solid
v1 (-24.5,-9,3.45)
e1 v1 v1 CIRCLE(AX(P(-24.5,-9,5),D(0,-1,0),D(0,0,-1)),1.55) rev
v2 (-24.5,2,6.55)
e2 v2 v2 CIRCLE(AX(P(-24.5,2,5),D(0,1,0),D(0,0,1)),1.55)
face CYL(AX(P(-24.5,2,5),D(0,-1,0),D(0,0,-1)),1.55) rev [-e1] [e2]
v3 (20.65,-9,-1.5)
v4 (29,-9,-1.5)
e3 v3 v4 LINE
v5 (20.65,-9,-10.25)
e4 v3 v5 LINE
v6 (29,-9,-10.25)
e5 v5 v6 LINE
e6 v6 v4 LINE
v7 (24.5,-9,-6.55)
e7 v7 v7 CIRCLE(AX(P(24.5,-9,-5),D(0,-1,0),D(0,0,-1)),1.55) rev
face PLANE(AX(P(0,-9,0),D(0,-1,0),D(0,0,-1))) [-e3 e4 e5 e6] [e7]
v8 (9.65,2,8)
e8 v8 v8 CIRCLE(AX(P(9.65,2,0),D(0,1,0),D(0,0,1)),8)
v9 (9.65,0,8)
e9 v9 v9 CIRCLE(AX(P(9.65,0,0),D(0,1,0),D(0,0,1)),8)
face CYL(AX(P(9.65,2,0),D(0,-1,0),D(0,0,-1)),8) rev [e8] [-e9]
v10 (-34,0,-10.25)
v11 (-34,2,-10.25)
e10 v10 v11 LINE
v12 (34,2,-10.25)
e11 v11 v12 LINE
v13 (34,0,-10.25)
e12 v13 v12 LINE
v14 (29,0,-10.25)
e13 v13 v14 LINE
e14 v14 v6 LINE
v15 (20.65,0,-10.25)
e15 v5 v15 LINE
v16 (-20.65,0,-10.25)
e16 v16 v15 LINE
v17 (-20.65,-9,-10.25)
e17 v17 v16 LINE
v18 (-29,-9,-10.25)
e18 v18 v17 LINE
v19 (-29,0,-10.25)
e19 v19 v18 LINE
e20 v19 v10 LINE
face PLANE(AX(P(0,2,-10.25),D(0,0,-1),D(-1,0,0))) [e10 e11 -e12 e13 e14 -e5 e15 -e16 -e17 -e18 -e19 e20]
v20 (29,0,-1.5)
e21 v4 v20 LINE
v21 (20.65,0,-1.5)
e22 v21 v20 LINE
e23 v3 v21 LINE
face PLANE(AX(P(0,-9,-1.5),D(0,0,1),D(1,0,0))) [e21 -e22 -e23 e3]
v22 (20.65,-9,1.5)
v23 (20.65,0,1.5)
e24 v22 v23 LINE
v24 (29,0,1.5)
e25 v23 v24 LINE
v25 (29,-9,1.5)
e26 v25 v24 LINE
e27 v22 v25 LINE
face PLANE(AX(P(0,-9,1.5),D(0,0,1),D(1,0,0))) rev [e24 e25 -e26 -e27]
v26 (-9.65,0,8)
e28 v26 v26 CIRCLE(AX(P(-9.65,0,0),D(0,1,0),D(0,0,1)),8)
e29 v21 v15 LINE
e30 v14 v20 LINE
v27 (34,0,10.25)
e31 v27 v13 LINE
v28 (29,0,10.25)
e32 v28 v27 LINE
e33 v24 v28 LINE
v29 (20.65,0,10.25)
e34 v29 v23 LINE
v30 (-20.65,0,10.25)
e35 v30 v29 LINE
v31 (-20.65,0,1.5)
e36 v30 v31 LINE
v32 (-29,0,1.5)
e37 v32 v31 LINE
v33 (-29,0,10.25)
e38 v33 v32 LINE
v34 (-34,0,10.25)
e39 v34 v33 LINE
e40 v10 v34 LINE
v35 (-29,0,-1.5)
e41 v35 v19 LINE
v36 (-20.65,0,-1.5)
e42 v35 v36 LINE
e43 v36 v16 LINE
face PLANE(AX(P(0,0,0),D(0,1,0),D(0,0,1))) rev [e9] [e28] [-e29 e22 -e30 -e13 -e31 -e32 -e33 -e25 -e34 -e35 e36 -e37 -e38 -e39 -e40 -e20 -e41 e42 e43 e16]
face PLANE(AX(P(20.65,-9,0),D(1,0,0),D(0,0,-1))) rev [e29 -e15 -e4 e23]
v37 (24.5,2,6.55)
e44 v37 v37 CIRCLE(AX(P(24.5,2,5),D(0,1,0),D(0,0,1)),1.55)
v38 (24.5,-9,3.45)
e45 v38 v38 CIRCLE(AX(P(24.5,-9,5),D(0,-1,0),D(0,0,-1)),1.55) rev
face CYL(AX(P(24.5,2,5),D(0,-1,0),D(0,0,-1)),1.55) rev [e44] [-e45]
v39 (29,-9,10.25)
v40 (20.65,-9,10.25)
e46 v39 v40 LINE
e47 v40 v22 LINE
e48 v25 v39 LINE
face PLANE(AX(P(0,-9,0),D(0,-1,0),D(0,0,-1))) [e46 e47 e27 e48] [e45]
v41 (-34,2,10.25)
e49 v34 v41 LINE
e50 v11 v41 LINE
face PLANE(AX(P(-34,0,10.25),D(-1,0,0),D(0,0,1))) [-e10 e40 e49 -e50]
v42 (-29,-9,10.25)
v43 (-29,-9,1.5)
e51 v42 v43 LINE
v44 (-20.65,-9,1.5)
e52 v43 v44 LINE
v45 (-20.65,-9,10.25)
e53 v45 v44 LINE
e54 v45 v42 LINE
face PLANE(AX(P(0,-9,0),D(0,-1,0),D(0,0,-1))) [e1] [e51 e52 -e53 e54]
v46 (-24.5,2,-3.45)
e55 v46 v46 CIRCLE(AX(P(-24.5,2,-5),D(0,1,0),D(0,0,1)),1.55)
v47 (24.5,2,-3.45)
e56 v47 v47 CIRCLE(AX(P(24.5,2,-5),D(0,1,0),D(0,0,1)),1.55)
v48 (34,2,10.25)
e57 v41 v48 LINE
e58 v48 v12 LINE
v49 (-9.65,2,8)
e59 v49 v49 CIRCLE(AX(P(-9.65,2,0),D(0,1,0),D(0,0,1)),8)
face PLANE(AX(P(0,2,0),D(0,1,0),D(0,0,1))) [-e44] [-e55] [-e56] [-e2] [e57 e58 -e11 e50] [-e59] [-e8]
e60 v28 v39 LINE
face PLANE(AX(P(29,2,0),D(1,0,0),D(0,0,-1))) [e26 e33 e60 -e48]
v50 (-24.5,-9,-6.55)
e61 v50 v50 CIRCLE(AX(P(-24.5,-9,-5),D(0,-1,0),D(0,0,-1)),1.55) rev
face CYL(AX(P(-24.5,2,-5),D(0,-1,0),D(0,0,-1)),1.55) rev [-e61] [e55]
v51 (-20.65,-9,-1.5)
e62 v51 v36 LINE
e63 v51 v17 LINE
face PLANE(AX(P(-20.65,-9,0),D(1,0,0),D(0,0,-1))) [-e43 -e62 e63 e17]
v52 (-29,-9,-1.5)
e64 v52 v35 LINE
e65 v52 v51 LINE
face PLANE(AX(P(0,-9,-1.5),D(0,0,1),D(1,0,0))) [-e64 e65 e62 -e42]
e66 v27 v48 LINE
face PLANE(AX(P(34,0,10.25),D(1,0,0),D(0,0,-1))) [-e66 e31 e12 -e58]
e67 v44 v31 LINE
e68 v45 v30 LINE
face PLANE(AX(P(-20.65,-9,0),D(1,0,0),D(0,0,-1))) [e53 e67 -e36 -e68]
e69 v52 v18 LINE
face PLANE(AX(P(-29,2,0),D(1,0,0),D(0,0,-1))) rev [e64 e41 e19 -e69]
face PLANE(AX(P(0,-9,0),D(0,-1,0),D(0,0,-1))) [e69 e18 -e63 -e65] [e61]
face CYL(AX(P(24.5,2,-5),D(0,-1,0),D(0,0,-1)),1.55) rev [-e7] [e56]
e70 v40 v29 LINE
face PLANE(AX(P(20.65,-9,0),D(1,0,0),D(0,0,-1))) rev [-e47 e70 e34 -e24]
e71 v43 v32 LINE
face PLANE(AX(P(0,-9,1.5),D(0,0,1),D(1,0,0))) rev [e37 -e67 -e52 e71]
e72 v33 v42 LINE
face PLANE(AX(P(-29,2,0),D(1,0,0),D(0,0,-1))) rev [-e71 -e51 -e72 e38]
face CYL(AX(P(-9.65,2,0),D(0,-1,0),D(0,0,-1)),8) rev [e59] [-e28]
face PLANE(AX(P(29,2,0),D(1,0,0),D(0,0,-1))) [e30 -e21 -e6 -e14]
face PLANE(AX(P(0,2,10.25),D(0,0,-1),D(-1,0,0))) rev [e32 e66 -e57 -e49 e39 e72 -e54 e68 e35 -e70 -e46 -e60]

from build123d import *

# Parameters (mm, degrees)
SKETCH2_W           = 58
SKETCH2_H           = 20.5
SKETCH2_R           = 8
SKETCH2_R_2         = 1.55
BOSS_EXTRUDE1_DEPTH = 2
SKETCH3_W           = 8.35
SKETCH3_H           = 8.75
SKETCH3_R           = 1.55
BOSS_EXTRUDE2_DEPTH = 9
SKETCH4_W           = 5
SKETCH4_H           = 20.5
BOSS_EXTRUDE3_DEPTH = 2


with BuildPart() as part:
    # Sketch2 → Boss-Extrude1 (new body)
    with BuildSketch(Plane(origin=(0, 0, 0), x_dir=(1, 0, 0), z_dir=(0, 1, 0))):
        Rectangle(SKETCH2_W, SKETCH2_H)
        with Locations((-9.65, 0)):
            Circle(SKETCH2_R, mode=Mode.SUBTRACT)
        with Locations((-24.5, 5)):
            Circle(SKETCH2_R_2, mode=Mode.SUBTRACT)
        with Locations((-24.5, -5)):
            Circle(SKETCH2_R_2, mode=Mode.SUBTRACT)
        with Locations((24.5, 5)):
            Circle(SKETCH2_R_2, mode=Mode.SUBTRACT)
        with Locations((24.5, -5)):
            Circle(SKETCH2_R_2, mode=Mode.SUBTRACT)
        with Locations((9.65, 0)):
            Circle(SKETCH2_R, mode=Mode.SUBTRACT)
    extrude(amount=BOSS_EXTRUDE1_DEPTH)

    # Sketch3 → Boss-Extrude2 (add)
    with BuildSketch(Plane.XZ):
        with Locations((-24.825, 5.875)):
            Rectangle(SKETCH3_W, SKETCH3_H)
        with Locations((-24.5, 5)):
            Circle(SKETCH3_R, mode=Mode.SUBTRACT)
        with Locations((-24.825, -5.875)):
            Rectangle(SKETCH3_W, SKETCH3_H)
        with Locations((-24.5, -5)):
            Circle(SKETCH3_R, mode=Mode.SUBTRACT)
        with Locations((24.825, 5.875)):
            Rectangle(SKETCH3_W, SKETCH3_H)
        with Locations((24.5, 5)):
            Circle(SKETCH3_R, mode=Mode.SUBTRACT)
        with Locations((24.825, -5.875)):
            Rectangle(SKETCH3_W, SKETCH3_H)
        with Locations((24.5, -5)):
            Circle(SKETCH3_R, mode=Mode.SUBTRACT)
    extrude(amount=BOSS_EXTRUDE2_DEPTH)

    # Sketch4 → Boss-Extrude3 (add)
    with BuildSketch(Plane(origin=(0, 2, 0), x_dir=(1, 0, 0), z_dir=(0, 1, 0))):
        with Locations((-31.5, 0)):
            Rectangle(SKETCH4_W, SKETCH4_H)
        with Locations((31.5, 0)):
            Rectangle(SKETCH4_W, SKETCH4_H)
    extrude(amount=-BOSS_EXTRUDE3_DEPTH)


solid = part.part
